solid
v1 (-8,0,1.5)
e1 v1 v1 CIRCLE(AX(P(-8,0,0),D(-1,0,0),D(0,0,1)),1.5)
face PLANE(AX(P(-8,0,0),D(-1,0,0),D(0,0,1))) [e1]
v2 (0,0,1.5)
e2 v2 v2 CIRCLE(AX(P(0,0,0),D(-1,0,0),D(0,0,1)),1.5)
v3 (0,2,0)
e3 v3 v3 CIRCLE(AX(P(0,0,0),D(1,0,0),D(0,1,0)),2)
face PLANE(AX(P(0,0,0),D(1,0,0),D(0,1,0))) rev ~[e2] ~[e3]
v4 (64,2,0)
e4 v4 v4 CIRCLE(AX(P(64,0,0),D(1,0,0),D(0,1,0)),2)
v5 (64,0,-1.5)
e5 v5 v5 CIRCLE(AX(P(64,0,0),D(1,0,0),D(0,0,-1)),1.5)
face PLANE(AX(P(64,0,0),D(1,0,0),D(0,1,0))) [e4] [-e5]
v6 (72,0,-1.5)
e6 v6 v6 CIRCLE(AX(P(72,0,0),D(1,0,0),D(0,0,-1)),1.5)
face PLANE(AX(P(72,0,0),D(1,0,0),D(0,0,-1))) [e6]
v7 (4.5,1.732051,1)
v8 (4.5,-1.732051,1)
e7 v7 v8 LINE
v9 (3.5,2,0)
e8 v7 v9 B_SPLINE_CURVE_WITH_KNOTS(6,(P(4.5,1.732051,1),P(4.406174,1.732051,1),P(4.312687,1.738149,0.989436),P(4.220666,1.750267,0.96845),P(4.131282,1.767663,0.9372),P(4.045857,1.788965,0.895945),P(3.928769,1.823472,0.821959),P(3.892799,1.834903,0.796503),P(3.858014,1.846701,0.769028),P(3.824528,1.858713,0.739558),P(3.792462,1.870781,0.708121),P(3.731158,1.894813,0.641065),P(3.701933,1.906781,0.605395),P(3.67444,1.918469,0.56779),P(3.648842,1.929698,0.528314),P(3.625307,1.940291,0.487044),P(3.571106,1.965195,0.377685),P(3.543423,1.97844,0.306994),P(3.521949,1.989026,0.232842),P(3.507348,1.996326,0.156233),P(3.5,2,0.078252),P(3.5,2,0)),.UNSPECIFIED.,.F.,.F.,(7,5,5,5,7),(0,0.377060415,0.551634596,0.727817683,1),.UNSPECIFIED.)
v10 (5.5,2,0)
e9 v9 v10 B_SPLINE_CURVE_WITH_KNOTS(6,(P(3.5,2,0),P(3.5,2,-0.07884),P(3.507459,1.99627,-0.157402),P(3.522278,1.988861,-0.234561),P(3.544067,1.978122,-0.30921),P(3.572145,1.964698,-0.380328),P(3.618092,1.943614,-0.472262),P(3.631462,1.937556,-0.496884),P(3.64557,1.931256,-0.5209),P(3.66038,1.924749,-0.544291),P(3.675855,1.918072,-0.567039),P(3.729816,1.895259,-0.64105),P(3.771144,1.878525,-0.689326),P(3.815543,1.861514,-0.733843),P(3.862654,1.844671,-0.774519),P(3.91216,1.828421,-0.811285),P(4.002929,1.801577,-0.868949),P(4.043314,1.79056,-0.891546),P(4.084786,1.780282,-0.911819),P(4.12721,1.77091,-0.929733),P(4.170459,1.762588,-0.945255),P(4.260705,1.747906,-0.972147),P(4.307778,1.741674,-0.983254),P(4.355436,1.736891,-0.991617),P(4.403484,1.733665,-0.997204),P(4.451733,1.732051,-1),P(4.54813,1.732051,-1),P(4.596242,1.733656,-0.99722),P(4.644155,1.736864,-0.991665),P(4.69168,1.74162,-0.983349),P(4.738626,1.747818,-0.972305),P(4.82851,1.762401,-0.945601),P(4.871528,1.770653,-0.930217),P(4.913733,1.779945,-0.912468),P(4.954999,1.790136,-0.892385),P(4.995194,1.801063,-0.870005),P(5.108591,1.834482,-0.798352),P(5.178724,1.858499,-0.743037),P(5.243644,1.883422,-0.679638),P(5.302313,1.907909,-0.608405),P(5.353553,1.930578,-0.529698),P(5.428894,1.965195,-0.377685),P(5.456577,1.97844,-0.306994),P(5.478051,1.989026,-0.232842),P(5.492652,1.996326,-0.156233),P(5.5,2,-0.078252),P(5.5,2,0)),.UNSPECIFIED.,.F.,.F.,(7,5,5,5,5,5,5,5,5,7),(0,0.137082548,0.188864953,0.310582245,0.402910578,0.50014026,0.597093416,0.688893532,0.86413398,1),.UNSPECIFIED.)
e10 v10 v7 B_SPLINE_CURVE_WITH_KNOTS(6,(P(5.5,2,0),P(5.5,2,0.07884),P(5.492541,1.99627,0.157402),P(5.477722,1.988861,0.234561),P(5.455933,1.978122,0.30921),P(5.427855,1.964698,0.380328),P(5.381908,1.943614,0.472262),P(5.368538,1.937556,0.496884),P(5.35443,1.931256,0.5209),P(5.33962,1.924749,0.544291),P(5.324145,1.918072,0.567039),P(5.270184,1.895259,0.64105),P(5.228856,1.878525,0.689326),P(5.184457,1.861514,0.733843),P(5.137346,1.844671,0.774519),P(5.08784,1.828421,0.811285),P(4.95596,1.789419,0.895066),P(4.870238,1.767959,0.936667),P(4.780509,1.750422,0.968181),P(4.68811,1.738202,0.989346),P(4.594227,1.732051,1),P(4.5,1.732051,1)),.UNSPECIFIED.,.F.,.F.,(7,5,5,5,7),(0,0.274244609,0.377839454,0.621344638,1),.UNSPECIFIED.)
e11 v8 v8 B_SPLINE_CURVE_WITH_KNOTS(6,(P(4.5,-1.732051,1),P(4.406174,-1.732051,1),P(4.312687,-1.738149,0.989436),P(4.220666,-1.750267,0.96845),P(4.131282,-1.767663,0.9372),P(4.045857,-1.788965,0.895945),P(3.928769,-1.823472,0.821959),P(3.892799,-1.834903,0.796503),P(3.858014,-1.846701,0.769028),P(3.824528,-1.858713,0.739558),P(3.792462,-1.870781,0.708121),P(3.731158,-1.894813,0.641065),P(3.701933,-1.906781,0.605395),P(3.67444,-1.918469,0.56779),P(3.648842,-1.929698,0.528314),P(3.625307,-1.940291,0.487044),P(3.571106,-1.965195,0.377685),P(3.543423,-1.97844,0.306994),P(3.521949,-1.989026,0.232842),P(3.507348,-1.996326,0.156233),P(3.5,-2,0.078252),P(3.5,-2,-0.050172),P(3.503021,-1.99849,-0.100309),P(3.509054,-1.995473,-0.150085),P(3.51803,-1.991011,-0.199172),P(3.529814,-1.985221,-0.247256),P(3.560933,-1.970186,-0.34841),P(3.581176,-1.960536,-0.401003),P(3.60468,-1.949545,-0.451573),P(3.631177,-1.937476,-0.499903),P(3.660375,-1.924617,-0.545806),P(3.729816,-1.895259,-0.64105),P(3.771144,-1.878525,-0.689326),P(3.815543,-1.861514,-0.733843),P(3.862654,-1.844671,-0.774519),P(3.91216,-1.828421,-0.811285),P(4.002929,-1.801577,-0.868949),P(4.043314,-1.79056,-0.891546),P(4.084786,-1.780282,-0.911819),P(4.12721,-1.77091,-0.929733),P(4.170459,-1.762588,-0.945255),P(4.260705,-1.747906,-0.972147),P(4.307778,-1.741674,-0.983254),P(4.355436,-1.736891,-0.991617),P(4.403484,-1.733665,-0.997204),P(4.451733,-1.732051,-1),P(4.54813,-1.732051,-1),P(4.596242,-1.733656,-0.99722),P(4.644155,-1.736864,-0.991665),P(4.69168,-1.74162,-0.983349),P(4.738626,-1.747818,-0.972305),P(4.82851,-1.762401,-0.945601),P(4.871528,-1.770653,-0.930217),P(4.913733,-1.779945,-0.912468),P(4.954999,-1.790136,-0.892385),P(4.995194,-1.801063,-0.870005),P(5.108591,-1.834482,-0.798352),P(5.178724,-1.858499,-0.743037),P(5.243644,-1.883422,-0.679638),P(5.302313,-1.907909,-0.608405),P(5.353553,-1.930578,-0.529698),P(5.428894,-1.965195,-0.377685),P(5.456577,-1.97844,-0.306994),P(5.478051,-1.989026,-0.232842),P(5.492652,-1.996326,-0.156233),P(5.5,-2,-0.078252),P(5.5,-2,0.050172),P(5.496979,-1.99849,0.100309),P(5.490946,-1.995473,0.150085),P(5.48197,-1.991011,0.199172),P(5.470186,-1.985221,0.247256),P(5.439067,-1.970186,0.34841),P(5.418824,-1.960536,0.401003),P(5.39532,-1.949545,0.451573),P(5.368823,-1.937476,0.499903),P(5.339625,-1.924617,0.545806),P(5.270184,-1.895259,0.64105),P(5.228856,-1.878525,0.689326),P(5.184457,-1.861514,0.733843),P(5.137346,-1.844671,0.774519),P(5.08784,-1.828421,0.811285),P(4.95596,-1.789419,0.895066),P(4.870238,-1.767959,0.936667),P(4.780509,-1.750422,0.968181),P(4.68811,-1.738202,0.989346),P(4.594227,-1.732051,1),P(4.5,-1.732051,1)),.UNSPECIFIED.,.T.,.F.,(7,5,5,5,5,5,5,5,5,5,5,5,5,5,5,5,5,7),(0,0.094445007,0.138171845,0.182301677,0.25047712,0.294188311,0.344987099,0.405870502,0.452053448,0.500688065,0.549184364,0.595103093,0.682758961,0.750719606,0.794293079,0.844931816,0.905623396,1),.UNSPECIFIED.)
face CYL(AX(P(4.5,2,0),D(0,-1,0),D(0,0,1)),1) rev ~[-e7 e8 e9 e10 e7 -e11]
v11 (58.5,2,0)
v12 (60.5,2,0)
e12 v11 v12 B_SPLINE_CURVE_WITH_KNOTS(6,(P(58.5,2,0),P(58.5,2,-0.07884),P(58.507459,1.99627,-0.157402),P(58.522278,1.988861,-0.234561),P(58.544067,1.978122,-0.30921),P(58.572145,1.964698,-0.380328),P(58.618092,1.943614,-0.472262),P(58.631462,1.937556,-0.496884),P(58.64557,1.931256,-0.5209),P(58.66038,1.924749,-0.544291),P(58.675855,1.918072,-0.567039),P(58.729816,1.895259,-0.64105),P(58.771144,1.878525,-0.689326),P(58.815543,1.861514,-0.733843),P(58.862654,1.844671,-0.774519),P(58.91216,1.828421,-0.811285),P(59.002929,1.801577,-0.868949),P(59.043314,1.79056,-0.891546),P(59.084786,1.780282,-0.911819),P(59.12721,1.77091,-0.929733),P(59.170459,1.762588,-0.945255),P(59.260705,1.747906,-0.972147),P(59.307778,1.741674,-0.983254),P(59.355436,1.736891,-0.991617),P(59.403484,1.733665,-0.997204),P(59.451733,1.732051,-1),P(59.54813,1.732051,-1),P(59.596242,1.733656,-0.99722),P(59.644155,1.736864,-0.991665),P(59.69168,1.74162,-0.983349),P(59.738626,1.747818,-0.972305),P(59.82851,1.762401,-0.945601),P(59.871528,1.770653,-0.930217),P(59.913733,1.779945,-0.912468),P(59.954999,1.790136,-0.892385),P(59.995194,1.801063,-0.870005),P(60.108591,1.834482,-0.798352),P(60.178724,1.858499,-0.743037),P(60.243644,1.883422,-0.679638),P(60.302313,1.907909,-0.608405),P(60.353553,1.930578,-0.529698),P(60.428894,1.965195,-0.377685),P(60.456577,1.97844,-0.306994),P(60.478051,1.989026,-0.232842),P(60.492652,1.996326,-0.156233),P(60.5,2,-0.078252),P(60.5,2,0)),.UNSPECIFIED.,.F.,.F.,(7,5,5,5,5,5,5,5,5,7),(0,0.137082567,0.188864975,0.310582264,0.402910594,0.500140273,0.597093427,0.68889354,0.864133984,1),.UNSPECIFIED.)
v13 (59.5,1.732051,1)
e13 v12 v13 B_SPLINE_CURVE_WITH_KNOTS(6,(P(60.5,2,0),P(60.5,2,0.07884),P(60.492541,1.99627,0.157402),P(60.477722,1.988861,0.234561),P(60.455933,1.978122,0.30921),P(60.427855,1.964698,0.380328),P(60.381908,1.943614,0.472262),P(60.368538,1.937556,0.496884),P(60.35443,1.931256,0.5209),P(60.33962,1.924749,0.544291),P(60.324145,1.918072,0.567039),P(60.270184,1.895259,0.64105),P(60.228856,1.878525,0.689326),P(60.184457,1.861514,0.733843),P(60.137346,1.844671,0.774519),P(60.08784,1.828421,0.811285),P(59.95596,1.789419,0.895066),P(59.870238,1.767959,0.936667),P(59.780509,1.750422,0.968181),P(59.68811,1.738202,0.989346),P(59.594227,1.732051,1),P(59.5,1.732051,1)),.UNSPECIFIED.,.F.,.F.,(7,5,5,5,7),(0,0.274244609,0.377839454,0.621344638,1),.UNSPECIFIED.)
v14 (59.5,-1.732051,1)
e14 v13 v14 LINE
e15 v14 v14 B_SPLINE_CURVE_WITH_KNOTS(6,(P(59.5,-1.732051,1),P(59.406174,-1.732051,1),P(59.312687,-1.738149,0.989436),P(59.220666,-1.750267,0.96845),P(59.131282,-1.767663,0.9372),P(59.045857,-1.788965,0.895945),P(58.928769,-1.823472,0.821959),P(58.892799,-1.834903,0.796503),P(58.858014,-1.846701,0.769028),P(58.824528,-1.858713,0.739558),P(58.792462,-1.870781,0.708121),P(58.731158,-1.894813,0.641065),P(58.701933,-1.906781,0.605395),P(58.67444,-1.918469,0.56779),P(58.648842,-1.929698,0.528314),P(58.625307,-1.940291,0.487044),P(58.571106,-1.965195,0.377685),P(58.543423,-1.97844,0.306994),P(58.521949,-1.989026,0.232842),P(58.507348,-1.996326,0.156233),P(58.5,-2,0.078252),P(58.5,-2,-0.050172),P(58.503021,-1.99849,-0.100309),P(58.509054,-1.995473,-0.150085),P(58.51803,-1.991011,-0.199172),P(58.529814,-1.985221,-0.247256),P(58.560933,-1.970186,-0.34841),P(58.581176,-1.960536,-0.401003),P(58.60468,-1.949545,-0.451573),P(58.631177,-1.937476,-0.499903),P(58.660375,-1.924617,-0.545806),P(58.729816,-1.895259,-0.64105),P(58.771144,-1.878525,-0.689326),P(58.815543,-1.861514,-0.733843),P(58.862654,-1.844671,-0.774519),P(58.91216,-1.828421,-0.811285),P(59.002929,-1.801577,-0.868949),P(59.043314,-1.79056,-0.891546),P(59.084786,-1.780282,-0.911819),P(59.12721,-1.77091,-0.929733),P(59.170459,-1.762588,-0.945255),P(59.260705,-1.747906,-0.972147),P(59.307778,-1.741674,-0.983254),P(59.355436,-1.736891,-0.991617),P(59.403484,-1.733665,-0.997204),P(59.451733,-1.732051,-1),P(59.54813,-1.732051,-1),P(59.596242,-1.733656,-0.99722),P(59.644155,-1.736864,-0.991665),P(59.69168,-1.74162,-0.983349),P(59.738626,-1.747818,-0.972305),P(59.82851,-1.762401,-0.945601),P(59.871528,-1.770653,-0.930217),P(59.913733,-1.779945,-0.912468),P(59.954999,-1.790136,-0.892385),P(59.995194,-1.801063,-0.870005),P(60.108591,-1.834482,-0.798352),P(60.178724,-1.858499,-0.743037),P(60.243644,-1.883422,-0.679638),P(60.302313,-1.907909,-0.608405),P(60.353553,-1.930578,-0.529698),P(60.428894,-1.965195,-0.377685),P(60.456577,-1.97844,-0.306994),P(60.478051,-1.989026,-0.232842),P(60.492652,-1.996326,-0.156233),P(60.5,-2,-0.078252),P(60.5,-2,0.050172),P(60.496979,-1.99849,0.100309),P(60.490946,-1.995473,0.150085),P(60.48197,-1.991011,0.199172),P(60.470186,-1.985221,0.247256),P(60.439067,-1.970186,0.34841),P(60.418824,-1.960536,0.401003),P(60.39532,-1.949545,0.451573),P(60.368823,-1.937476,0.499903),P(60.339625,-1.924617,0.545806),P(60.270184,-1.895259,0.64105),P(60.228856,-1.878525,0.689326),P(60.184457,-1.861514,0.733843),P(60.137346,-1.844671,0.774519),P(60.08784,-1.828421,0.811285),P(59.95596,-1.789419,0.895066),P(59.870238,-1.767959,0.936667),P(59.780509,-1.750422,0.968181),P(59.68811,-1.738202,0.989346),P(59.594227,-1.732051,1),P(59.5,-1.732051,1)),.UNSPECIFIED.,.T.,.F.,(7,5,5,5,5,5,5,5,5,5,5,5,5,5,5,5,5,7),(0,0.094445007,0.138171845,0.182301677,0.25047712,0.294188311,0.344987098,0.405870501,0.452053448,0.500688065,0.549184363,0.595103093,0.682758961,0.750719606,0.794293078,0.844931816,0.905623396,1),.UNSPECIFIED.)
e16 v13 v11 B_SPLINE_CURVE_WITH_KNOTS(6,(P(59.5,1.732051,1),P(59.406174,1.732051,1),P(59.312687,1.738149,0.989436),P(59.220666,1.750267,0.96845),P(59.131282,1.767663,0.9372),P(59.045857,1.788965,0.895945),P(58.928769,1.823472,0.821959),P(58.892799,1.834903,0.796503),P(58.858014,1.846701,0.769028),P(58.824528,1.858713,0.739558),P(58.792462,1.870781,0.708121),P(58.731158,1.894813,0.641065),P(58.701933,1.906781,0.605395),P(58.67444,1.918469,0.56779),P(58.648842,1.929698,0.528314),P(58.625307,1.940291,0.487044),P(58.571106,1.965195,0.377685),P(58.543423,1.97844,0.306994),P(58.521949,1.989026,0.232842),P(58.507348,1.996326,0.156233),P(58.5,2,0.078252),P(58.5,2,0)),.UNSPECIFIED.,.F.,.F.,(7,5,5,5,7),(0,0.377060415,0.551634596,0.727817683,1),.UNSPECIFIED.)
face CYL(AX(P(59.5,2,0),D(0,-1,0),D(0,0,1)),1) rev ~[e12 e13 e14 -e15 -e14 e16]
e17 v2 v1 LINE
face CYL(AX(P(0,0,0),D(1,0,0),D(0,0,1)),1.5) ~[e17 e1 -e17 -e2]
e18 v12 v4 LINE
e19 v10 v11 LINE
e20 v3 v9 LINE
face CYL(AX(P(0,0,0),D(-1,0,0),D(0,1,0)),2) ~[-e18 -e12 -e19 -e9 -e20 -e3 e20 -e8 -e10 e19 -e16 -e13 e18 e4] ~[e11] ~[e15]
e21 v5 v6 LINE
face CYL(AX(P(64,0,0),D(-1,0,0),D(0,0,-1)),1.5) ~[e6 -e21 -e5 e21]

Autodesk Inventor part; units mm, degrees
ref_plane "YZ Plane" through (0, 0, 0) normal (1, 0, 0) x (0, 1, 0)
ref_plane "XZ Plane" through (0, 0, 0) normal (0, 1, 0) x (-1, 0, 0)
ref_plane "XY Plane" through (0, 0, 0) normal (0, 0, 1) x (1, 0, 0)
sketch "スケッチ1" plane through (0, 0, 0) normal (1, 0, 0) x (0, 1, 0)
  circle A0 centre (0, 0) radius 2
  dimension "d0" = 4
extrude "押し出し1" add sketch "スケッチ1" along normal blind 64
sketch "スケッチ4" plane through (0, 0, 0) normal (-1, 0, 0) x (0, 0, 1)
  circle A0 centre (0, 0) radius 1.5
  dimension "d16" = 3
extrude "押し出し2" add sketch "スケッチ4" along normal blind 8
sketch "スケッチ5" plane through (64, 0, 0) normal (1, 0, 0) x (0, 0, -1)
  circle A0 centre (0, 0) radius 1.5
  dimension "d19" = 3
extrude "押し出し3" add sketch "スケッチ5" along normal blind 8
thread "ねじ1" size "M3x0.5" class "6g" standard "ISO Metric profile" length 8
thread "ねじ2" size "M3x0.5" class "6g" standard "ISO Metric profile" length 8
sketch "スケッチ2" plane through (64, 0, 0) normal (1, 0, 0) x (0, 0, -1)
  circle A0 centre (0, 0) radius 2 projected
  line L0 (0, -2.8) -> (0, 2.8) projected
  point P0 (0, 2)
ref_plane "作業平面1" through (64, 2, 0) normal (0, 1, 0) x (-1, 0, 0)
sketch "スケッチ3" plane through (64, 2, 0) normal (0, 1, 0) x (-1, 0, 0)
  line L0 (64, 0) -> (0, 0)
  line L1 (0, 2) -> (0, -2) projected
  line L2 (-8, 1.5) -> (-8, -1.5) projected
  line L3 (72, -1.5) -> (72, 1.5) projected
  point P0 (4.5, 0)
  point P1 (59.5, 0)
  dimension "d22" = 12.5
  dimension "d23" = 12.5
hole "穴1" at (59.5, 2, 0) at (4.5, 2, 0) direction (0, -1, 0) diameter 2 end through all
equation "\"d23\" = d22"
properties part number "GearShaft_1" material "鉄、鋳鉄"
